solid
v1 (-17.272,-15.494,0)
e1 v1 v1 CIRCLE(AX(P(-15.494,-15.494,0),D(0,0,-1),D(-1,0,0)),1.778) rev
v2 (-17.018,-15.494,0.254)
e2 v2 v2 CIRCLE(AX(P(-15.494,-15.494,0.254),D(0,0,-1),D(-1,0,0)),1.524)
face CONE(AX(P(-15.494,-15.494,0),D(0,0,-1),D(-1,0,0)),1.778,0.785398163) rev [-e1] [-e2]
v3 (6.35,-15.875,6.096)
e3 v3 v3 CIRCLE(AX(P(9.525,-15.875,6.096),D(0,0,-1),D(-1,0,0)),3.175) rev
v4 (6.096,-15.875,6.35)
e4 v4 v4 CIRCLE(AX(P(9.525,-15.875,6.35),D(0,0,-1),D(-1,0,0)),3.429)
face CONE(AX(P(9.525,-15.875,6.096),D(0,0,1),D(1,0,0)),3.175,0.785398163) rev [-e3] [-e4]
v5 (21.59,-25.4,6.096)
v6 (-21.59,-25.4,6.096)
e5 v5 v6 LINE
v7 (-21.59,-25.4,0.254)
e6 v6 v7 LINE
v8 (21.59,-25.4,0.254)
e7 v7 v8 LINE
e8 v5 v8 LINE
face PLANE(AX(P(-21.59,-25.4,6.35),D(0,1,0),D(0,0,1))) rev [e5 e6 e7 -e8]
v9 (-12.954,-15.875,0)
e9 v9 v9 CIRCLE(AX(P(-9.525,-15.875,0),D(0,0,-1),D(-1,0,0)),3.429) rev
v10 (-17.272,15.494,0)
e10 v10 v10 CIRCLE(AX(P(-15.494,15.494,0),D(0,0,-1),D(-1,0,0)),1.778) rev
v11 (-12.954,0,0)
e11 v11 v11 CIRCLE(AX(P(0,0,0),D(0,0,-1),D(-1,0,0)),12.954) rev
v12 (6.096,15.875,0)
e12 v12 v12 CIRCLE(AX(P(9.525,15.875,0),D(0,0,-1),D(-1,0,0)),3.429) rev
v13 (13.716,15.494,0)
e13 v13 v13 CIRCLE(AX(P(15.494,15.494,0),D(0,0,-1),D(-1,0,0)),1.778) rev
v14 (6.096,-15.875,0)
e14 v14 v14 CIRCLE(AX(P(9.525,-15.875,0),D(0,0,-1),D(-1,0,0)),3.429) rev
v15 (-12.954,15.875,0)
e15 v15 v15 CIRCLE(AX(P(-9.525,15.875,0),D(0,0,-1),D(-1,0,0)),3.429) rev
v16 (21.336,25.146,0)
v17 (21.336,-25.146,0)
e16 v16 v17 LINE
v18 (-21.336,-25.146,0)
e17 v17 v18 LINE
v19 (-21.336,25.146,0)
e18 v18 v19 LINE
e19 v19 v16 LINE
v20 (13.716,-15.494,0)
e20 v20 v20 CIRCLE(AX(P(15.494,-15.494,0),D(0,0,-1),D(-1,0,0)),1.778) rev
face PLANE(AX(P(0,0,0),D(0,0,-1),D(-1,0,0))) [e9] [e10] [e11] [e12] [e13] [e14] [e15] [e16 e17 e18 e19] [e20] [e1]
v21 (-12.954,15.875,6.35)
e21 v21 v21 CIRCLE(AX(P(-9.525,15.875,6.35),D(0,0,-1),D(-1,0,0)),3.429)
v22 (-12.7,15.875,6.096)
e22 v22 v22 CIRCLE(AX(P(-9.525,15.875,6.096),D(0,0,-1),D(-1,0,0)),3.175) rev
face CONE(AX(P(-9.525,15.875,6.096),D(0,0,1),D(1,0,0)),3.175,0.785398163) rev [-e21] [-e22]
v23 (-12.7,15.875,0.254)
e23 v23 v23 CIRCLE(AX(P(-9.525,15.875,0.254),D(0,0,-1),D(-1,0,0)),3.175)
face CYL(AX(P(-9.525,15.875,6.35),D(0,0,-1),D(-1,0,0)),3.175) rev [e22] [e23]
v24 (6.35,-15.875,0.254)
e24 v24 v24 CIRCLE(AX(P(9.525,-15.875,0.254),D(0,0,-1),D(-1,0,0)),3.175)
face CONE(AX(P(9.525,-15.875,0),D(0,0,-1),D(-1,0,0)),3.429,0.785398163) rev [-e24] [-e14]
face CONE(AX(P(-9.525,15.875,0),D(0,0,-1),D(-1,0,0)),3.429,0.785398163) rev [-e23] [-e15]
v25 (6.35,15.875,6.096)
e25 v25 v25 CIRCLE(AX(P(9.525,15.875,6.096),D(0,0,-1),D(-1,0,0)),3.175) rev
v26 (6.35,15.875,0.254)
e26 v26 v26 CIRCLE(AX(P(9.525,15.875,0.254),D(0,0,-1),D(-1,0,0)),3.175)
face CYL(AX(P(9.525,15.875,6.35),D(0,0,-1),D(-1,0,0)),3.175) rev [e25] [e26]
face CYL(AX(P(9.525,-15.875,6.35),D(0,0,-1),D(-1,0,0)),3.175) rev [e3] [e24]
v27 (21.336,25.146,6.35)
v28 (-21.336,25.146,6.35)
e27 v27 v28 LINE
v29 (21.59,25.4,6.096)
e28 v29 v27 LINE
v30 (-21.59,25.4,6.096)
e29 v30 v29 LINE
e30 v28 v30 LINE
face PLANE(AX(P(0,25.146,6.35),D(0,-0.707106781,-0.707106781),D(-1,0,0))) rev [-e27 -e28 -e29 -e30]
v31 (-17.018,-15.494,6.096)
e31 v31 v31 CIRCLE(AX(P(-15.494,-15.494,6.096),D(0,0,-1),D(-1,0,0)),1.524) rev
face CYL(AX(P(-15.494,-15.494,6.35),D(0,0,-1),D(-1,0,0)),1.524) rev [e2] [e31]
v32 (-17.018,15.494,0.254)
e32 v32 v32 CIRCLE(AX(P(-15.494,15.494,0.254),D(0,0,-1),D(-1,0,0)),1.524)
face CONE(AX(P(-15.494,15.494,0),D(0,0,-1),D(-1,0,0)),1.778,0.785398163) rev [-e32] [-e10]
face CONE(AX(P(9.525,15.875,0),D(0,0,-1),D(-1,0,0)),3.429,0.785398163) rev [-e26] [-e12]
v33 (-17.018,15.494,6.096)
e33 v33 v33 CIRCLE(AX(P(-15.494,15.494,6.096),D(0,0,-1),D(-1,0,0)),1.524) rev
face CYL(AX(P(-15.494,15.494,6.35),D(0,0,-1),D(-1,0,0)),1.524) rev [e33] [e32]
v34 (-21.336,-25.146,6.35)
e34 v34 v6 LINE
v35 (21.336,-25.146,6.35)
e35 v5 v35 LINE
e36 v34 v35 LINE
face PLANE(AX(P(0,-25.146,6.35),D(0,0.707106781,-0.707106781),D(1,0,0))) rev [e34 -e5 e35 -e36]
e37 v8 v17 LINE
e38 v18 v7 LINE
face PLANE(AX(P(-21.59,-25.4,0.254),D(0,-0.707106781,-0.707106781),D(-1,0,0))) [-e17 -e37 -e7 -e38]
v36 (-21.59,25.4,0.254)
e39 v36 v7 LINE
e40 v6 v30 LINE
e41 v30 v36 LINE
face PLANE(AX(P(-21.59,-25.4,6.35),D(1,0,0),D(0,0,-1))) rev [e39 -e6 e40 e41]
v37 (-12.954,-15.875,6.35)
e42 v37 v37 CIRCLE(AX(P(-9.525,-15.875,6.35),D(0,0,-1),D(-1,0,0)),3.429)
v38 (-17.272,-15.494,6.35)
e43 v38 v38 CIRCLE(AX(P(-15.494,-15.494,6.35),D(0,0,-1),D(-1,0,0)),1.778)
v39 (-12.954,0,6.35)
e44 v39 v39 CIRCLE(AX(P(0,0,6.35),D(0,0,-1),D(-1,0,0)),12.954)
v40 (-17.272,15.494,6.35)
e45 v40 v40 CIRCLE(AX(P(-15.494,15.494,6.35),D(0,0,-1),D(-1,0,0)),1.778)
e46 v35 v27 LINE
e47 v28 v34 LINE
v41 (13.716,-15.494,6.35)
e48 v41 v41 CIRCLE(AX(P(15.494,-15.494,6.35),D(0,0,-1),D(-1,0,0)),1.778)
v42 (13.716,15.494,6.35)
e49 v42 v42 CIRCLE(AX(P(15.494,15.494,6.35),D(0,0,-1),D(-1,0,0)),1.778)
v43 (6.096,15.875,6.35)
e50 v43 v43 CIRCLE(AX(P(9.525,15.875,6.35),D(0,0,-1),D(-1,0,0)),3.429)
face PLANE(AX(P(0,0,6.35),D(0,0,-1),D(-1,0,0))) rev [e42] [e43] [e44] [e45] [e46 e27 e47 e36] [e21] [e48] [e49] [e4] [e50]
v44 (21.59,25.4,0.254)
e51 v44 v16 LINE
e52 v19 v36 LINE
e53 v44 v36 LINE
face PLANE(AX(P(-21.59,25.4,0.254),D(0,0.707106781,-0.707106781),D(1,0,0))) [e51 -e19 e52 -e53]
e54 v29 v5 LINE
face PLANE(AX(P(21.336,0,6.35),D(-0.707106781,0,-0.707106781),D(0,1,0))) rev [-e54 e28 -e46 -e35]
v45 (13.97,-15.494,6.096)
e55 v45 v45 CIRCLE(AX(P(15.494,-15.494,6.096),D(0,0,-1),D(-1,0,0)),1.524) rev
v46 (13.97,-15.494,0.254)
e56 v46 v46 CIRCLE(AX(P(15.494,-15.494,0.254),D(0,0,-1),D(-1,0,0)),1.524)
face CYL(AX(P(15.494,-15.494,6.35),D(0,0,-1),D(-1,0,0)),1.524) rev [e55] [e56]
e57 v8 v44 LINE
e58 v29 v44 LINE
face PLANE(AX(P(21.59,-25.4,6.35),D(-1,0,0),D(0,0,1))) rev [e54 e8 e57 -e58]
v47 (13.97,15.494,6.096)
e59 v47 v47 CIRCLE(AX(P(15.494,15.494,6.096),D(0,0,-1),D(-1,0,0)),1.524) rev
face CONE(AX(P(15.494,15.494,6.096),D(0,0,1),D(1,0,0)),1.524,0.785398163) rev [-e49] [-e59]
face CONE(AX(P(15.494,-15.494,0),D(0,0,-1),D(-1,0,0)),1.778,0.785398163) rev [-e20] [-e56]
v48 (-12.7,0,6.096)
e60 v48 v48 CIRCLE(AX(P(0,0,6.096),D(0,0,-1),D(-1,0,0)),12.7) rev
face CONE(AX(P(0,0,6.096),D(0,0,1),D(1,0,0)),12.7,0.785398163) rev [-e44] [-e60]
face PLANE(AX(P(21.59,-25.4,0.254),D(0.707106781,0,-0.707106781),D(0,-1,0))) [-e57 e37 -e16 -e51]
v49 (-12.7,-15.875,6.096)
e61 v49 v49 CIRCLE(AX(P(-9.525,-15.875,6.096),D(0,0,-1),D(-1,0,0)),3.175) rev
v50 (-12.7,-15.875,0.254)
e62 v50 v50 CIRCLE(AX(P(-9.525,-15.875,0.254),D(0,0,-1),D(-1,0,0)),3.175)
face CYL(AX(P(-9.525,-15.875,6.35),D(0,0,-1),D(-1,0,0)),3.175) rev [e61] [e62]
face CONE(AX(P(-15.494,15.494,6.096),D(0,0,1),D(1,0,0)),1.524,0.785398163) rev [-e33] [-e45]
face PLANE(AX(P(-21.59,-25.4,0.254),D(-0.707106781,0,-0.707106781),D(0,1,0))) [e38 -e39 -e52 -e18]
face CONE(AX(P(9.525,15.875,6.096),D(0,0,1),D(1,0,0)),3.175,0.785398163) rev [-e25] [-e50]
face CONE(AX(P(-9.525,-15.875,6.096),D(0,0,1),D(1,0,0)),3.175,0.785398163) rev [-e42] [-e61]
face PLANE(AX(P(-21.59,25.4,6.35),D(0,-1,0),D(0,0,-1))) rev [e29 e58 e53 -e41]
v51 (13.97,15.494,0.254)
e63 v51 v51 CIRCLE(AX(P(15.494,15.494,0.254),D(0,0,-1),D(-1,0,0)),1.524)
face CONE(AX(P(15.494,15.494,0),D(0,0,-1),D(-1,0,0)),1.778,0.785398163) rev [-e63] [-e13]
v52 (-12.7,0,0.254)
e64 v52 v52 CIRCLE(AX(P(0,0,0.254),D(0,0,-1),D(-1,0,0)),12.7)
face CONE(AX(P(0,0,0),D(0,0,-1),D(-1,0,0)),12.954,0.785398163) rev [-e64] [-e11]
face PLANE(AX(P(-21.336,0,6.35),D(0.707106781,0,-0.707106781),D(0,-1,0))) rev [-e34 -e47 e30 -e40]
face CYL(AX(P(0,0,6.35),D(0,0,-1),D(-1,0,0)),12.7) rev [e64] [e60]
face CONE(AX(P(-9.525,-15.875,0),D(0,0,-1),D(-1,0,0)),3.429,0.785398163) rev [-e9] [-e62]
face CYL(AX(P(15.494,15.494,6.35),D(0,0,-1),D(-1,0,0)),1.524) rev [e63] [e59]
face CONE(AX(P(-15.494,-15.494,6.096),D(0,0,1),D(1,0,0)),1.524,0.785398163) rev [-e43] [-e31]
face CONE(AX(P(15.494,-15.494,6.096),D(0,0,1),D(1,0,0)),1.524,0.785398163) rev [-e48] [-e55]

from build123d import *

# Parameters (mm, degrees)
SKETCH1_W           = 43.18
SKETCH1_H           = 50.8
SKETCH1_R           = 1.524
SKETCH1_R_2         = 3.175
SKETCH1_R_3         = 12.7
BOSS_EXTRUDE1_DEPTH = 6.35
CHAMFER1_SIZE       = 0.254


with BuildPart() as part:
    # Sketch1 → Boss-Extrude1 (new body)
    with BuildSketch(Plane.XY):
        Rectangle(SKETCH1_W, SKETCH1_H)
        with Locations((-15.494, 15.494)):
            Circle(SKETCH1_R, mode=Mode.SUBTRACT)
        with Locations((-9.525, 15.875)):
            Circle(SKETCH1_R_2, mode=Mode.SUBTRACT)
        with Locations((-15.494, -15.494)):
            Circle(SKETCH1_R, mode=Mode.SUBTRACT)
        with Locations((-9.525, -15.875)):
            Circle(SKETCH1_R_2, mode=Mode.SUBTRACT)
        with Locations((9.525, -15.875)):
            Circle(SKETCH1_R_2, mode=Mode.SUBTRACT)
        with Locations((15.494, -15.494)):
            Circle(SKETCH1_R, mode=Mode.SUBTRACT)
        with Locations((9.525, 15.875)):
            Circle(SKETCH1_R_2, mode=Mode.SUBTRACT)
        with Locations((15.494, 15.494)):
            Circle(SKETCH1_R, mode=Mode.SUBTRACT)
        Circle(SKETCH1_R_3, mode=Mode.SUBTRACT)
    extrude(amount=BOSS_EXTRUDE1_DEPTH)

    # Chamfer1
    chamfer1_edges = [part.edges().sort_by_distance(p)[0] for p in [
        (-21.59, 0, 6.35),
        (-17.018, 15.494, 0),
        (-17.018, 15.494, 6.35),
        (0, -25.4, 6.35),
        (-12.7, 15.875, 0),
        (-12.7, 15.875, 6.35),
        (-17.018, -15.494, 0),
        (-17.018, -15.494, 6.35),
        (-12.7, -15.875, 0),
        (-12.7, -15.875, 6.35),
        (6.35, -15.875, 0),
        (6.35, -15.875, 6.35),
        (13.97, -15.494, 0),
        (13.97, -15.494, 6.35),
        (6.35, 15.875, 0),
        (6.35, 15.875, 6.35),
        (13.97, 15.494, 0),
        (13.97, 15.494, 6.35),
        (21.59, 0, 6.35),
        (-12.7, 0, 0),
        (-12.7, 0, 6.35),
        (0, -25.4, 0),
        (-21.59, 0, 0),
        (0, 25.4, 0),
        (21.59, 0, 0),
        (0, 25.4, 6.35),
    ]]
    chamfer(chamfer1_edges, length=CHAMFER1_SIZE)


solid = part.part
